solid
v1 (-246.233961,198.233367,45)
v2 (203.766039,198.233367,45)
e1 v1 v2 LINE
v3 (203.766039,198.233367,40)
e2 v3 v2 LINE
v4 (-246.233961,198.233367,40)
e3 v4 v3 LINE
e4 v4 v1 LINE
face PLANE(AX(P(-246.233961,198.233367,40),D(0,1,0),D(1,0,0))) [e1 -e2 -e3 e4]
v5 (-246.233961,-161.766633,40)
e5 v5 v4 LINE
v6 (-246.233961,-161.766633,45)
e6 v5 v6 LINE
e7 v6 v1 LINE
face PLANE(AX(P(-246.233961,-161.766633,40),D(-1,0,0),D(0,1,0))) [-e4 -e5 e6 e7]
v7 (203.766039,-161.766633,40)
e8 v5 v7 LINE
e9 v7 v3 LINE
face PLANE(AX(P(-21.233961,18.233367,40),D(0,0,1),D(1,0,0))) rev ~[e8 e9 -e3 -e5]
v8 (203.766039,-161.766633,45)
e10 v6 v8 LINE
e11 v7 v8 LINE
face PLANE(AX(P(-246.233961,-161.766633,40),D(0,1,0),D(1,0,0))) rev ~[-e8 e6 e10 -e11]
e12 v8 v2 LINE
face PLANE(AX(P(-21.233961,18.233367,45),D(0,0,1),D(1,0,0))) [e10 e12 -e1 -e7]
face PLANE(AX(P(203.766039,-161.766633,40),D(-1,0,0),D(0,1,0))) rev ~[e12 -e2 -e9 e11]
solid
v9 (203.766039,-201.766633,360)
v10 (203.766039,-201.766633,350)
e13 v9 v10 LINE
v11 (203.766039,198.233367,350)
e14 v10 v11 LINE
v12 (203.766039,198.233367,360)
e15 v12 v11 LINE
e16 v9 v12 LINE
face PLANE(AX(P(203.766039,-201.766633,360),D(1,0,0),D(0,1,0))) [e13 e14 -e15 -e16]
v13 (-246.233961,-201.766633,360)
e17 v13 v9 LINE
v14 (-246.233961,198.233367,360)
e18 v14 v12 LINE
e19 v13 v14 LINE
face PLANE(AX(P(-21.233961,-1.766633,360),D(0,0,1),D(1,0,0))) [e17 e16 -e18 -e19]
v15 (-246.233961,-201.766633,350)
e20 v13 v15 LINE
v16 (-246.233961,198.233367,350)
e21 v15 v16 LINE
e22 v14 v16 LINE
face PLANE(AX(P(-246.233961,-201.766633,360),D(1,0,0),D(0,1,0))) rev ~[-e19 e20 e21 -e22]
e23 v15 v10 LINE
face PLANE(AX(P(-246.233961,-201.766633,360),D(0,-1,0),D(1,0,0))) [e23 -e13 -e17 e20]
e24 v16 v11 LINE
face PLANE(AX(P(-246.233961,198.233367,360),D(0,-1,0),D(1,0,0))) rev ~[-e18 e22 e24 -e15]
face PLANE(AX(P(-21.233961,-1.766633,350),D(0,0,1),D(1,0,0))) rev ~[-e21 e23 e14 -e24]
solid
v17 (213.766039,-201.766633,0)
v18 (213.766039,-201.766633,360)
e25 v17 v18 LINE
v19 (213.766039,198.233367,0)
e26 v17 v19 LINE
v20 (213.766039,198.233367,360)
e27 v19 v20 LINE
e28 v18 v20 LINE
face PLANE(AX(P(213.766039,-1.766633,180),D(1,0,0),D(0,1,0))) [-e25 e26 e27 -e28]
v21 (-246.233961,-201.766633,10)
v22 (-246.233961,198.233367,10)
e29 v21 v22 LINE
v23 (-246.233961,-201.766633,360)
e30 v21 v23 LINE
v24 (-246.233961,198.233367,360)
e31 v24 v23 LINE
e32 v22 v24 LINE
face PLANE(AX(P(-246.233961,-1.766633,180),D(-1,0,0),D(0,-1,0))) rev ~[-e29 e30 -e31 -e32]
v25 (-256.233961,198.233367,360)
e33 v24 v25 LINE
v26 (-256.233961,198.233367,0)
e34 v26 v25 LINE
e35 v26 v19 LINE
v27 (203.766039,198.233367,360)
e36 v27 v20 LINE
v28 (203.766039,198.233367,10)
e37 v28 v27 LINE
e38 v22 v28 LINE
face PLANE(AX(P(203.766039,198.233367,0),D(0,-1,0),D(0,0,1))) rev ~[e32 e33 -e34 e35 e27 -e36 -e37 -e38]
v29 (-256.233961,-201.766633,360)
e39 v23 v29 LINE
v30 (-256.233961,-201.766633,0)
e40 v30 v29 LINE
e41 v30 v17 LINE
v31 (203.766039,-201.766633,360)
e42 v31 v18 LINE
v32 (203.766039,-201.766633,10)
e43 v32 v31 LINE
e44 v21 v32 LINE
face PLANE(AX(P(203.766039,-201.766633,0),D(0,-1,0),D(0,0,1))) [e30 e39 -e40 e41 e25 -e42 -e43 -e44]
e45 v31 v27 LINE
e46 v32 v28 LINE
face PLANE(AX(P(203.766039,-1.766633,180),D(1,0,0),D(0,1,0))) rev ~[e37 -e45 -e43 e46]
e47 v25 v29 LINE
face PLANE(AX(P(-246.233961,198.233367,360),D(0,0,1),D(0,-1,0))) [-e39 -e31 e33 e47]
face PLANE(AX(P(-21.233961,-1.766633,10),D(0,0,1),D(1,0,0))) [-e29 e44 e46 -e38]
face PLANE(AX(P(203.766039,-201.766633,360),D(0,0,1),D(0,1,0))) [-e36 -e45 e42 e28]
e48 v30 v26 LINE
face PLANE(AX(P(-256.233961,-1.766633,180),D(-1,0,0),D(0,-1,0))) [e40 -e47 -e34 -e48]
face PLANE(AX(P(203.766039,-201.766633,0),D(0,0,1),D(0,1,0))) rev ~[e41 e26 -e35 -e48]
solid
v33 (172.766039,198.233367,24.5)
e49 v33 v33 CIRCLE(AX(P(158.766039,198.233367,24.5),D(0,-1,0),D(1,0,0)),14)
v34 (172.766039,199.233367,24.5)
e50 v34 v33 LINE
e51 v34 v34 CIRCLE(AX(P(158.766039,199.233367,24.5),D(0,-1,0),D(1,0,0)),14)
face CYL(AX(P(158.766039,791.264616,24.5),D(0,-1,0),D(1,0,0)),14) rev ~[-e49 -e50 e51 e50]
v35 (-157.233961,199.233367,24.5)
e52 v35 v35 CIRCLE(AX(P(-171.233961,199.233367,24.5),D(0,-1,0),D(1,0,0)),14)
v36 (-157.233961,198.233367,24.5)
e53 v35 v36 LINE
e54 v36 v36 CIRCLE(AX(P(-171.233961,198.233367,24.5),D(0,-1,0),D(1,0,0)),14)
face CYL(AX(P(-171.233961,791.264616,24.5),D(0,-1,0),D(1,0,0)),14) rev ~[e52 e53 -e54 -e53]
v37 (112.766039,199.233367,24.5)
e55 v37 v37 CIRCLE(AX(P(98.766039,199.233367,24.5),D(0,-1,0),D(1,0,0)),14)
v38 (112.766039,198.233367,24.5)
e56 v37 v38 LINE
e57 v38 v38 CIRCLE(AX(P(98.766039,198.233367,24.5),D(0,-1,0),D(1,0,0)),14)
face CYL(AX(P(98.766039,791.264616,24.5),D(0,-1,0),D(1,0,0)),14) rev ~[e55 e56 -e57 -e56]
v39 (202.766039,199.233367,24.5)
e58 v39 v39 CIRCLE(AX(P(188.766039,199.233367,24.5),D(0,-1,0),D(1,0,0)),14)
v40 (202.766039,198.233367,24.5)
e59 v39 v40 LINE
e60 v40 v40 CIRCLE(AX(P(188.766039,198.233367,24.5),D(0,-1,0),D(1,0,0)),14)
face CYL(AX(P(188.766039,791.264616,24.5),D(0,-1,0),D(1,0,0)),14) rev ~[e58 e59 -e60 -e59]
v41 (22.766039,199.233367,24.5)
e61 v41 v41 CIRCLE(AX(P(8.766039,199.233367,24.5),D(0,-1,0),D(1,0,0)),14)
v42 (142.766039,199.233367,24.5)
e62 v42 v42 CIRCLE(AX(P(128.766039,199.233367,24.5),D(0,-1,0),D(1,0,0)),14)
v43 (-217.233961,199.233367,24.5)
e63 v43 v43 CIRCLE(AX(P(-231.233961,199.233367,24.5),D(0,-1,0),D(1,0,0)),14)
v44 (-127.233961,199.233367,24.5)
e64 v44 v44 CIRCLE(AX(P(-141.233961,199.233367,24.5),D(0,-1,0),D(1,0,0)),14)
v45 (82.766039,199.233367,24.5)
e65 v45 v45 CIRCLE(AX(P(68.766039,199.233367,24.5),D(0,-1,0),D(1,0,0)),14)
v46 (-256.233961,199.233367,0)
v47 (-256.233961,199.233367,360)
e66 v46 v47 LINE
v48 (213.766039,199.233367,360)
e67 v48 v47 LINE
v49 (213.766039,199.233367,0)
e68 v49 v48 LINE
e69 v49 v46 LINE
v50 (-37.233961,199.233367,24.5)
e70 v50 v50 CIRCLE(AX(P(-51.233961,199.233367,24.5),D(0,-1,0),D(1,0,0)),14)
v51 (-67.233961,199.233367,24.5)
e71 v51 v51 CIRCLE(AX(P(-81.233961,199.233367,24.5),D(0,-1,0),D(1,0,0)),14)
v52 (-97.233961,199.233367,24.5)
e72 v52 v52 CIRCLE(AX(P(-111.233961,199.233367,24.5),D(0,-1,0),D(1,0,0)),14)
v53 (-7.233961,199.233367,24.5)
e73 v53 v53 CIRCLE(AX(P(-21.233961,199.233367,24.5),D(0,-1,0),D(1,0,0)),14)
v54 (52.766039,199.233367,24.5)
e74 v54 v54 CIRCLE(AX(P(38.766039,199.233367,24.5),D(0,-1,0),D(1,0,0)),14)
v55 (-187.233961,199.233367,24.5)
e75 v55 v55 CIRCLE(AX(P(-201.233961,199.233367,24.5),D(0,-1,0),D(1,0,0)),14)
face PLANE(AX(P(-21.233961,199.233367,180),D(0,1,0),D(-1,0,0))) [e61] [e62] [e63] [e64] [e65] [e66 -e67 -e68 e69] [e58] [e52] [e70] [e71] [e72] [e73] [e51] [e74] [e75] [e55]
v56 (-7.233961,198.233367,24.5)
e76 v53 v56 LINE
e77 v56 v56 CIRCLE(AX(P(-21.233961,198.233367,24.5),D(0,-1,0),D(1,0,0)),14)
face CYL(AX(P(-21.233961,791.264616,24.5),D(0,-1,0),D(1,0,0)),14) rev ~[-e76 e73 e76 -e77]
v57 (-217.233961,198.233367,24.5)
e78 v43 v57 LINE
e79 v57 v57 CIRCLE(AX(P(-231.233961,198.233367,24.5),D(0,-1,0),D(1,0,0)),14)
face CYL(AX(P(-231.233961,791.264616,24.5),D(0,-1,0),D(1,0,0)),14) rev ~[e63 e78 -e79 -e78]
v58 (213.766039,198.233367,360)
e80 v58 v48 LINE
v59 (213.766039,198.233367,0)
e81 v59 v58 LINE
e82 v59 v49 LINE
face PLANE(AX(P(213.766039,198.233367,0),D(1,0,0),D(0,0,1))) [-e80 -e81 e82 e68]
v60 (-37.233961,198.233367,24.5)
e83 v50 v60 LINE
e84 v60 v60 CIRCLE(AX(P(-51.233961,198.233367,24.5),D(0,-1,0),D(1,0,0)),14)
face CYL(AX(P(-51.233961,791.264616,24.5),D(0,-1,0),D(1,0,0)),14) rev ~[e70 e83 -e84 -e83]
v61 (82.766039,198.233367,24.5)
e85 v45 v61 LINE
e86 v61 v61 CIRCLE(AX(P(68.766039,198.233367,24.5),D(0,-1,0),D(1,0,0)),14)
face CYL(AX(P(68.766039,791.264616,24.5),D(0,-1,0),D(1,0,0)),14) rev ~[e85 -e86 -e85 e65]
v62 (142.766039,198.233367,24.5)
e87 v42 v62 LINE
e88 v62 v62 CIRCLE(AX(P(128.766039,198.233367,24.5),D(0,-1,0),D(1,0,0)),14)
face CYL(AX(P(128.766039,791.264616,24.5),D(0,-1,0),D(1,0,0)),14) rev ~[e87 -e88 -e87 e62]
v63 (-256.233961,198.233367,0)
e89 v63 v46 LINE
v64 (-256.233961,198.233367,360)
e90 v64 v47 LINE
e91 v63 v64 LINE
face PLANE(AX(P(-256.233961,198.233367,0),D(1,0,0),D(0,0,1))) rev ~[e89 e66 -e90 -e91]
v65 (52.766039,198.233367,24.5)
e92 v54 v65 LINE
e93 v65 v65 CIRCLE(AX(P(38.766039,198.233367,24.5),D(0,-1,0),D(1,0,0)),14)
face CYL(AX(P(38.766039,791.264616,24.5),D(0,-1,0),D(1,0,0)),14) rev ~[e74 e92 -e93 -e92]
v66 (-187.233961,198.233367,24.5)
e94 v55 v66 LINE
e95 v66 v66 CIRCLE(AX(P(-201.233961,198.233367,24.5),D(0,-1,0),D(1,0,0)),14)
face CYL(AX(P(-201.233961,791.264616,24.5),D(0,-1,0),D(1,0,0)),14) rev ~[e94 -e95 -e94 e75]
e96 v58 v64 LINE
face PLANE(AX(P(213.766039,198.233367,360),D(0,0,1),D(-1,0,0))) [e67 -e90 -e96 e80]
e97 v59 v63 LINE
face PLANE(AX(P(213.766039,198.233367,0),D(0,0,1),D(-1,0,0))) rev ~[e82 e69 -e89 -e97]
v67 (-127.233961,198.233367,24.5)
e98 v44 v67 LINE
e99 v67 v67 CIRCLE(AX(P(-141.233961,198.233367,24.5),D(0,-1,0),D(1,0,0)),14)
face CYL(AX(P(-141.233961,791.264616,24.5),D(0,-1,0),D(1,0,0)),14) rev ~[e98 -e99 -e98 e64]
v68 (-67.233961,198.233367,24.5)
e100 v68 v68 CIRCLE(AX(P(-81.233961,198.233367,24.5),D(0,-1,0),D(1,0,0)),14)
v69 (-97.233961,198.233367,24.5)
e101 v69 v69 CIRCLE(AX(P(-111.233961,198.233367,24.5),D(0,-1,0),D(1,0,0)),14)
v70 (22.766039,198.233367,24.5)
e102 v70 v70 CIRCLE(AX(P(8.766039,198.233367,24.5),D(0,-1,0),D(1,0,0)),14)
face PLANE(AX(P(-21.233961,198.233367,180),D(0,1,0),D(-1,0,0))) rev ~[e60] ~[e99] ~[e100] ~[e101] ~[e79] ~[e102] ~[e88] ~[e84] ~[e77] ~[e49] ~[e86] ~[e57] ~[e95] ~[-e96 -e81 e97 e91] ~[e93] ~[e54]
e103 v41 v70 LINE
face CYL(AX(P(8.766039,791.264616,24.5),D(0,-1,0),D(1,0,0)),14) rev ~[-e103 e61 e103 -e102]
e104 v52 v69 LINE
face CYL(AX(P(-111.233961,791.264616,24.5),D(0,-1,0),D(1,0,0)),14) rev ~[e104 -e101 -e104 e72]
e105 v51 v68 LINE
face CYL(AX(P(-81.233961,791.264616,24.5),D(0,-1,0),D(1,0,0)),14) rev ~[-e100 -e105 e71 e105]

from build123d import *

# Parameters (mm, degrees)
F0_W      = 450
F0_H      = 400
F1_DEPTH  = 10
F5_W      = 340.3431326151
F5_H      = 72.7730989456
F6_DEPTH  = 10
F7_W      = 400
F7_H      = 360
F8_DEPTH  = 10
F9_W      = 400
F9_H      = 360
F10_DEPTH = 10
F12_W     = 450
F12_H     = 400
F13_DEPTH = 10
F14_W     = 470
F14_H     = 360
F15_DEPTH = 1
F17_W     = 450
F17_H     = 360
F18_DEPTH = 5
F20_D     = 28


with BuildPart() as f1:
    # F0 (on Top) → F1 (new body)
    with BuildSketch(Plane.XY):
        with Locations((-21.2339609861, -1.7666330037)):
            Rectangle(F0_W, F0_H)
    extrude(amount=F1_DEPTH)

    # F5 (on offset) → F6 (join)
    with BuildSketch(Plane(origin=(-246.2339609861, 0, 0), x_dir=(0, -1, 0), z_dir=(-1, 0, 0))):
        with Locations((-9.1566815972, 36.3865494728)):
            Rectangle(F5_W, F5_H)
    extrude(amount=F6_DEPTH)

    # F7 (on offset) → F8 (join)
    with BuildSketch(Plane(origin=(-246.2339609861, 0, 0), x_dir=(0, -1, 0), z_dir=(-1, 0, 0))):
        with Locations((1.7666330037, 180)):
            Rectangle(F7_W, F7_H)
    extrude(amount=F8_DEPTH)

    # F9 (on offset) → F10 (join)
    with BuildSketch(Plane.YZ.offset(203.7660390139)):
        with Locations((-1.7666330037, 180)):
            Rectangle(F9_W, F9_H)
    extrude(amount=F10_DEPTH)


with BuildPart() as f13:
    # F12 (on offset) → F13 (new body)
    with BuildSketch(Plane.XY.offset(360)):
        with Locations((-21.2339609861, -1.7666330037)):
            Rectangle(F12_W, F12_H)
    extrude(amount=-F13_DEPTH)


with BuildPart() as f15:
    # F14 (on offset) → F15 (new body)
    with BuildSketch(Plane(origin=(0, 198.2333669963, 0), x_dir=(-1, 0, 0), z_dir=(0, 1, 0))):
        with Locations((21.2339609861, 180)):
            Rectangle(F14_W, F14_H)
    extrude(amount=F15_DEPTH)

    # F20 (through all)
    with Locations(Plane(origin=(0, 199.2333669963, 0), x_dir=(-1, 0, 0), z_dir=(0, 1, 0))):
        with Locations((-188.7660390139, 24.5), (-158.7660390139, 24.5), (-128.7660390139, 24.5), (-98.7660390139, 24.5), (-68.7660390139, 24.5), (-38.7660390139, 24.5), (-8.7660390139, 24.5), (21.2339609861, 24.5), (51.2339609861, 24.5), (81.2339609861, 24.5), (111.2339609861, 24.5), (141.2339609861, 24.5), (171.2339609861, 24.5), (201.2339609861, 24.5), (231.2339609861, 24.5)):
            Hole(F20_D / 2)


with BuildPart() as f18:
    # F17 (on offset) → F18 (new body)
    with BuildSketch(Plane.XY.offset(40)):
        with Locations((-21.2339609861, 18.2333669963)):
            Rectangle(F17_W, F17_H)
    extrude(amount=F18_DEPTH)


solid = Compound([f1.part, f13.part, f15.part, f18.part])
